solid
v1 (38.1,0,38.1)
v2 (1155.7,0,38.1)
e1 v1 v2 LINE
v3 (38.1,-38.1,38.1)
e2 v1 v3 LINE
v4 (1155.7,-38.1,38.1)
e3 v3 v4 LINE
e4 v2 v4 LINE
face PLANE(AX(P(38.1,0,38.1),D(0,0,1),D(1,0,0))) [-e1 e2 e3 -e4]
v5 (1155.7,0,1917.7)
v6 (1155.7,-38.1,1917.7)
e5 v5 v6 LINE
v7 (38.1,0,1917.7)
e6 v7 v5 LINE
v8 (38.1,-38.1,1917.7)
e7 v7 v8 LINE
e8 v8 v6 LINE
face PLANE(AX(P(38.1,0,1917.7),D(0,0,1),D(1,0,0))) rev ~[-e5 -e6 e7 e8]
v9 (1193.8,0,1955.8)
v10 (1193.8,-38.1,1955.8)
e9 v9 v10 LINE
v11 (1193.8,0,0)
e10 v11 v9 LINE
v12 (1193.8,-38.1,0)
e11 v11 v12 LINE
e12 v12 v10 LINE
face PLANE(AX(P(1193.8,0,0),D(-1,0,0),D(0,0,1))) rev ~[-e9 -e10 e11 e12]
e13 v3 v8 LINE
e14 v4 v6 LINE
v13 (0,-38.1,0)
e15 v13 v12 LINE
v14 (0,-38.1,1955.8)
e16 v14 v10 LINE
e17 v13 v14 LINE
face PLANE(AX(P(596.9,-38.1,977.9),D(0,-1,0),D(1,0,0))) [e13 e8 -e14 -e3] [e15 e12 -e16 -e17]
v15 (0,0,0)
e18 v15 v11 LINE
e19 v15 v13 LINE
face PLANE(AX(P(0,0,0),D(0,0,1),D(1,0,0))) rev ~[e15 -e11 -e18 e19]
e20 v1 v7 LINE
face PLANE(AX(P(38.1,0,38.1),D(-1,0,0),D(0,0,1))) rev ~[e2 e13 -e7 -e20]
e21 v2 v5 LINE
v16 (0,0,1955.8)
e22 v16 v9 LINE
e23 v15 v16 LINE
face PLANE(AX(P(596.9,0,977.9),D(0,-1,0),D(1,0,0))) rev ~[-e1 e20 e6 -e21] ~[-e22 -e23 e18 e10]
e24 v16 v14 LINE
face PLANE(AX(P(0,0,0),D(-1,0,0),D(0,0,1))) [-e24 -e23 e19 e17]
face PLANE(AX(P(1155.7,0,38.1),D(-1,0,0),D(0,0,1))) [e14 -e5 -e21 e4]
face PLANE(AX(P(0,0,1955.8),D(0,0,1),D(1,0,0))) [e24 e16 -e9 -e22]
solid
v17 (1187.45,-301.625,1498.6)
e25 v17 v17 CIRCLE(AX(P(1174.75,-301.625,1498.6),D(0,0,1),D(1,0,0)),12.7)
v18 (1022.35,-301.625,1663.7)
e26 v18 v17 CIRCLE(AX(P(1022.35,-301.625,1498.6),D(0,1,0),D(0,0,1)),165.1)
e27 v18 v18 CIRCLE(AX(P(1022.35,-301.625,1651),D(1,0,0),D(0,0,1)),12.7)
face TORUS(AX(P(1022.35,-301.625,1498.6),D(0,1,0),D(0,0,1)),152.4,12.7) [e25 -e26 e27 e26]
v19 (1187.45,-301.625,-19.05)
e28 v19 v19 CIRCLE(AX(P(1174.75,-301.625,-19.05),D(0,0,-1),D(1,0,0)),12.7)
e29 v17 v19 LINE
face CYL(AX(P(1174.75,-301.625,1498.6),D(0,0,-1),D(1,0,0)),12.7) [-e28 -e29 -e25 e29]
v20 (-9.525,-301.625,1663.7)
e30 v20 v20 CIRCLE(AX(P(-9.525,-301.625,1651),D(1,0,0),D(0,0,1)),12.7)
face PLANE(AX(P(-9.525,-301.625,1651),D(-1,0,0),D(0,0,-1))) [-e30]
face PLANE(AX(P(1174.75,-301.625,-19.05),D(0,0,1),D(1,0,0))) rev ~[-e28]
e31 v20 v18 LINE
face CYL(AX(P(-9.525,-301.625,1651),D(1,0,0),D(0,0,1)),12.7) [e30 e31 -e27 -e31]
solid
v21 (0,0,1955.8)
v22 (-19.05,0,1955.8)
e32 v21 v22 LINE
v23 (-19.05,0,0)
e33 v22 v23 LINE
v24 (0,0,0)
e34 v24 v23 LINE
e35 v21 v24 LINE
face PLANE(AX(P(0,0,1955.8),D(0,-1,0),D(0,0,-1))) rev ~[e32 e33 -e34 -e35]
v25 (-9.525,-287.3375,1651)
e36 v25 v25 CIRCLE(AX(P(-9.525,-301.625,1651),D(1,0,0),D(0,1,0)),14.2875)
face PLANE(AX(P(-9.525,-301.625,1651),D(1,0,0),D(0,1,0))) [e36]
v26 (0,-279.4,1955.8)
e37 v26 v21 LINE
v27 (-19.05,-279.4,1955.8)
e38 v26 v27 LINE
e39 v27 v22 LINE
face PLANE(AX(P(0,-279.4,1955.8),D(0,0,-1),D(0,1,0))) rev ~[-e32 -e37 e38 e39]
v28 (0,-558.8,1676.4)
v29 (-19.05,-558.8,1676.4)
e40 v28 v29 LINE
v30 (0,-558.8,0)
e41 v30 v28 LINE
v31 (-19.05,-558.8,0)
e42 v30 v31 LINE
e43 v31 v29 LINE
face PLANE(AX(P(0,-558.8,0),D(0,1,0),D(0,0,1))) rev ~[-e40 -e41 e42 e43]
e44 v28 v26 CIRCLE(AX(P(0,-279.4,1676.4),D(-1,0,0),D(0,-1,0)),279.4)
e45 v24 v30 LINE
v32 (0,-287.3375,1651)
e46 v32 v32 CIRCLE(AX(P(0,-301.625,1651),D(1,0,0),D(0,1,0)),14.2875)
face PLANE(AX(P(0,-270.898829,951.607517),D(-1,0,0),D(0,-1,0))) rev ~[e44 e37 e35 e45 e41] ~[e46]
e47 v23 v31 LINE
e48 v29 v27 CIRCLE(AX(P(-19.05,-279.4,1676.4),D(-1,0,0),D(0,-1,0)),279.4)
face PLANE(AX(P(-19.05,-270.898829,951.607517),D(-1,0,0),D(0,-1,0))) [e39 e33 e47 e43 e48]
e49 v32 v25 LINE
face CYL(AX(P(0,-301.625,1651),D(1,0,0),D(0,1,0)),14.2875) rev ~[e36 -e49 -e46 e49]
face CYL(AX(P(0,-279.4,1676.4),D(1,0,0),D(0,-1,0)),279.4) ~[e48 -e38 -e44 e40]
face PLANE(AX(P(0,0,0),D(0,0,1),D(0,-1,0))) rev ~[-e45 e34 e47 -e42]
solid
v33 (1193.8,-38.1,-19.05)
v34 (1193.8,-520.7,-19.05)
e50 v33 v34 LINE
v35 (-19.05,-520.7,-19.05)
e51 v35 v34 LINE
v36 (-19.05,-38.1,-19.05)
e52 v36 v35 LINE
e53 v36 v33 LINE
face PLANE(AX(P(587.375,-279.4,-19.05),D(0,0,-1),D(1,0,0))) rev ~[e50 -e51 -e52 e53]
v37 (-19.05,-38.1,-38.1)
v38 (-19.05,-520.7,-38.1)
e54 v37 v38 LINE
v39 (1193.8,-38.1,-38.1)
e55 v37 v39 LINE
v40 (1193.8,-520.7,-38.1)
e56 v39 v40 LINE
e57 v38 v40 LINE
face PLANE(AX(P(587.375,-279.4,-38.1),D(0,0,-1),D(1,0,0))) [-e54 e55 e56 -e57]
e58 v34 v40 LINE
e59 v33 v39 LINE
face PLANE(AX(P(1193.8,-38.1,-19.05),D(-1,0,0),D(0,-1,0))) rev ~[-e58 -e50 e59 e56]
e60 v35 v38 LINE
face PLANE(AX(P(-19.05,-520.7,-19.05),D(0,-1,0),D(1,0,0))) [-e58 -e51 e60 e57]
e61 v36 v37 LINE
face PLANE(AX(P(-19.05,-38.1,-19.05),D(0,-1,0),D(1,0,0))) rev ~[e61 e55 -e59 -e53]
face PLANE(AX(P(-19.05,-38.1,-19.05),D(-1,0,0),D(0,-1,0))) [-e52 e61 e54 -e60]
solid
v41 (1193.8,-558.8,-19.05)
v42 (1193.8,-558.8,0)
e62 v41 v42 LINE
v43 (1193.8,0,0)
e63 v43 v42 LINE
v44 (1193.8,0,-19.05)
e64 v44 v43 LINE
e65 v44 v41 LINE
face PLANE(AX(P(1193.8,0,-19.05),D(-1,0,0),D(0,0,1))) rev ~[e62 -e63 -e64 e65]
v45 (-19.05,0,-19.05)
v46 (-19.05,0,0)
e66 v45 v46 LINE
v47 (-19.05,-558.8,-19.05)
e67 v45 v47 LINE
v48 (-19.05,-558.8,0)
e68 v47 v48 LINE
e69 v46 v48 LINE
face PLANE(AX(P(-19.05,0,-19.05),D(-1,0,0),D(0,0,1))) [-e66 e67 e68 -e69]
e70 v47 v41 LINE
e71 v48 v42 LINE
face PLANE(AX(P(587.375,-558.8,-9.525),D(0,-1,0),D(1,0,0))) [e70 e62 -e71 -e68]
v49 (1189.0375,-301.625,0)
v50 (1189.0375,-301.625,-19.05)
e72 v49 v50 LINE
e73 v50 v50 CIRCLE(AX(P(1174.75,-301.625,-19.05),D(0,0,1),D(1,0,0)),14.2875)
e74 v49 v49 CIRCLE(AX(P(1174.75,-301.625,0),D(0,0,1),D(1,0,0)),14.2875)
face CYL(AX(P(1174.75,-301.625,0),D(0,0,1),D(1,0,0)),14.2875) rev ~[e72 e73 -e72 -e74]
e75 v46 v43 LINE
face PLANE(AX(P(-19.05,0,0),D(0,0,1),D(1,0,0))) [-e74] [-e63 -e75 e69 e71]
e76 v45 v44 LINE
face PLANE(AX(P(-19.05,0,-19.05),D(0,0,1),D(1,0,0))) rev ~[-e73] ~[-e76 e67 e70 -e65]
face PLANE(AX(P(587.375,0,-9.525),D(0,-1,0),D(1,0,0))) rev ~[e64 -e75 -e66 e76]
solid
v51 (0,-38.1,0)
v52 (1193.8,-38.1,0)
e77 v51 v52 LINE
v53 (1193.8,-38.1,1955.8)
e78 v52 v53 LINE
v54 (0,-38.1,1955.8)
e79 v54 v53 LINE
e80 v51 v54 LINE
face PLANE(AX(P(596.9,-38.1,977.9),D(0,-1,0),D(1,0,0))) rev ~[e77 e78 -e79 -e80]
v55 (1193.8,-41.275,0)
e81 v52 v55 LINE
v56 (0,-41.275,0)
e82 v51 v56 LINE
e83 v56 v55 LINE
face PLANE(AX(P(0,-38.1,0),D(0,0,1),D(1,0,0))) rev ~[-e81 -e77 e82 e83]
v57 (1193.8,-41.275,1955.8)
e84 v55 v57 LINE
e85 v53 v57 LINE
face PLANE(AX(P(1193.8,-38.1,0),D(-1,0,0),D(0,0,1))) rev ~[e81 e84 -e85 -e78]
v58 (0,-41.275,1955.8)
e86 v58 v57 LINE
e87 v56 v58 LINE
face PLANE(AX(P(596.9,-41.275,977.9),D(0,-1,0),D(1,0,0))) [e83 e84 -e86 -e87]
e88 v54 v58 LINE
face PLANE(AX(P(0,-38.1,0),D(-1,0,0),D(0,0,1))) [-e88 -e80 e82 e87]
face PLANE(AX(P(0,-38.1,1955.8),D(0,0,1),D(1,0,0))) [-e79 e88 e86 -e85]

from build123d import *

# Parameters (mm, degrees)
F1_W      = 1193.8
F1_H      = 1955.8
F1_W_2    = 1117.6
F1_H_2    = 1879.6
F2_DEPTH  = 38.1
F3_W      = 1193.8
F3_H      = 1955.8
F4_DEPTH  = 3.175
F5_W      = 1212.85
F5_H      = 19.05
F6_DEPTH  = 558.8
F8_DEPTH  = 19.05
F11_R     = 14.2875
F12_DEPTH = 9.525
F13_R     = 14.2875
F14_DEPTH = 19.05
F15_W     = 1212.85
F15_H     = 482.6
F16_DEPTH = 19.05
F17_R     = 12.7


with BuildPart() as f2:
    # F1 (on Front) → F2 (new body)
    with BuildSketch(Plane.XZ):
        with Locations((596.9, 977.9)):
            Rectangle(F1_W, F1_H)
        with Locations((596.9, 977.9)):
            Rectangle(F1_W_2, F1_H_2, mode=Mode.SUBTRACT)
    extrude(amount=F2_DEPTH)


with BuildPart() as f4:
    # F3 (on face) → F4 (new body)
    with BuildSketch(Plane.XZ.offset(38.1)):
        with Locations((596.9, 977.9)):
            Rectangle(F3_W, F3_H)
    extrude(amount=F4_DEPTH)


with BuildPart() as f6:
    # F5 (on Front) → F6 (new body)
    with BuildSketch(Plane.XZ):
        with Locations((587.375, -9.525)):
            Rectangle(F5_W, F5_H)
    extrude(amount=F6_DEPTH)

    # F13 (on face) → F14 (cut, through all)
    with BuildSketch(Plane.XY):
        with Locations((1174.75, -301.625)):
            Circle(F13_R)
    extrude(amount=-F14_DEPTH, mode=Mode.SUBTRACT)


with BuildPart() as f8:
    # F7 (on face) → F8 (new body, through all)
    with BuildSketch(Plane(origin=(0, 0, 0), x_dir=(0, -1, 0), z_dir=(-1, 0, 0))):
        with BuildLine():
            Line((0, 51.9559979439), (0, 0))
            Line((0, 0), (558.8, 0))
            Line((558.8, 0), (558.8, 1676.4))
            ThreePointArc((558.8, 1676.4), (476.9656346635, 1873.9656346635), (279.4, 1955.8))
            Line((279.4, 1955.8), (38.1, 1955.8))
            Line((38.1, 1955.8), (0, 1955.8))
            Line((0, 1955.8), (0, 51.9559979439))
        make_face()
    extrude(amount=F8_DEPTH)

    # F11 (on face) → F12 (cut)
    with BuildSketch(Plane.YZ):
        with Locations((-301.625, 1651)):
            Circle(F11_R)
    extrude(amount=-F12_DEPTH, mode=Mode.SUBTRACT)


with BuildPart() as f16:
    # F15 (on face) → F16 (new body)
    with BuildSketch(Plane(origin=(0, 0, -19.05), x_dir=(1, 0, 0), z_dir=(0, 0, -1))):
        with Locations((587.375, 279.4)):
            Rectangle(F15_W, F15_H)
    extrude(amount=F16_DEPTH)


with BuildPart() as f18:
    # F18: sweep along a path in F10
    with BuildLine(Plane.XZ.offset(301.625)) as f18_path:
        Line((-9.525, 1651), (0, 1651))
        Line((0, 1651), (1022.35, 1651))
        ThreePointArc((1022.35, 1651), (1130.1130734528, 1606.3630734528), (1174.75, 1498.6))
        Line((1174.75, 1498.6), (1174.75, 0))
        Line((1174.75, 0), (1174.75, -19.05))
    # F17 (on face) → F18 (sweep)
    with BuildSketch(Plane.XY.offset(-19.05)):
        with Locations((1174.75, -301.625)):
            Circle(F17_R)
    sweep(path=f18_path.line)


solid = Compound([f2.part, f4.part, f6.part, f8.part, f16.part, f18.part])
